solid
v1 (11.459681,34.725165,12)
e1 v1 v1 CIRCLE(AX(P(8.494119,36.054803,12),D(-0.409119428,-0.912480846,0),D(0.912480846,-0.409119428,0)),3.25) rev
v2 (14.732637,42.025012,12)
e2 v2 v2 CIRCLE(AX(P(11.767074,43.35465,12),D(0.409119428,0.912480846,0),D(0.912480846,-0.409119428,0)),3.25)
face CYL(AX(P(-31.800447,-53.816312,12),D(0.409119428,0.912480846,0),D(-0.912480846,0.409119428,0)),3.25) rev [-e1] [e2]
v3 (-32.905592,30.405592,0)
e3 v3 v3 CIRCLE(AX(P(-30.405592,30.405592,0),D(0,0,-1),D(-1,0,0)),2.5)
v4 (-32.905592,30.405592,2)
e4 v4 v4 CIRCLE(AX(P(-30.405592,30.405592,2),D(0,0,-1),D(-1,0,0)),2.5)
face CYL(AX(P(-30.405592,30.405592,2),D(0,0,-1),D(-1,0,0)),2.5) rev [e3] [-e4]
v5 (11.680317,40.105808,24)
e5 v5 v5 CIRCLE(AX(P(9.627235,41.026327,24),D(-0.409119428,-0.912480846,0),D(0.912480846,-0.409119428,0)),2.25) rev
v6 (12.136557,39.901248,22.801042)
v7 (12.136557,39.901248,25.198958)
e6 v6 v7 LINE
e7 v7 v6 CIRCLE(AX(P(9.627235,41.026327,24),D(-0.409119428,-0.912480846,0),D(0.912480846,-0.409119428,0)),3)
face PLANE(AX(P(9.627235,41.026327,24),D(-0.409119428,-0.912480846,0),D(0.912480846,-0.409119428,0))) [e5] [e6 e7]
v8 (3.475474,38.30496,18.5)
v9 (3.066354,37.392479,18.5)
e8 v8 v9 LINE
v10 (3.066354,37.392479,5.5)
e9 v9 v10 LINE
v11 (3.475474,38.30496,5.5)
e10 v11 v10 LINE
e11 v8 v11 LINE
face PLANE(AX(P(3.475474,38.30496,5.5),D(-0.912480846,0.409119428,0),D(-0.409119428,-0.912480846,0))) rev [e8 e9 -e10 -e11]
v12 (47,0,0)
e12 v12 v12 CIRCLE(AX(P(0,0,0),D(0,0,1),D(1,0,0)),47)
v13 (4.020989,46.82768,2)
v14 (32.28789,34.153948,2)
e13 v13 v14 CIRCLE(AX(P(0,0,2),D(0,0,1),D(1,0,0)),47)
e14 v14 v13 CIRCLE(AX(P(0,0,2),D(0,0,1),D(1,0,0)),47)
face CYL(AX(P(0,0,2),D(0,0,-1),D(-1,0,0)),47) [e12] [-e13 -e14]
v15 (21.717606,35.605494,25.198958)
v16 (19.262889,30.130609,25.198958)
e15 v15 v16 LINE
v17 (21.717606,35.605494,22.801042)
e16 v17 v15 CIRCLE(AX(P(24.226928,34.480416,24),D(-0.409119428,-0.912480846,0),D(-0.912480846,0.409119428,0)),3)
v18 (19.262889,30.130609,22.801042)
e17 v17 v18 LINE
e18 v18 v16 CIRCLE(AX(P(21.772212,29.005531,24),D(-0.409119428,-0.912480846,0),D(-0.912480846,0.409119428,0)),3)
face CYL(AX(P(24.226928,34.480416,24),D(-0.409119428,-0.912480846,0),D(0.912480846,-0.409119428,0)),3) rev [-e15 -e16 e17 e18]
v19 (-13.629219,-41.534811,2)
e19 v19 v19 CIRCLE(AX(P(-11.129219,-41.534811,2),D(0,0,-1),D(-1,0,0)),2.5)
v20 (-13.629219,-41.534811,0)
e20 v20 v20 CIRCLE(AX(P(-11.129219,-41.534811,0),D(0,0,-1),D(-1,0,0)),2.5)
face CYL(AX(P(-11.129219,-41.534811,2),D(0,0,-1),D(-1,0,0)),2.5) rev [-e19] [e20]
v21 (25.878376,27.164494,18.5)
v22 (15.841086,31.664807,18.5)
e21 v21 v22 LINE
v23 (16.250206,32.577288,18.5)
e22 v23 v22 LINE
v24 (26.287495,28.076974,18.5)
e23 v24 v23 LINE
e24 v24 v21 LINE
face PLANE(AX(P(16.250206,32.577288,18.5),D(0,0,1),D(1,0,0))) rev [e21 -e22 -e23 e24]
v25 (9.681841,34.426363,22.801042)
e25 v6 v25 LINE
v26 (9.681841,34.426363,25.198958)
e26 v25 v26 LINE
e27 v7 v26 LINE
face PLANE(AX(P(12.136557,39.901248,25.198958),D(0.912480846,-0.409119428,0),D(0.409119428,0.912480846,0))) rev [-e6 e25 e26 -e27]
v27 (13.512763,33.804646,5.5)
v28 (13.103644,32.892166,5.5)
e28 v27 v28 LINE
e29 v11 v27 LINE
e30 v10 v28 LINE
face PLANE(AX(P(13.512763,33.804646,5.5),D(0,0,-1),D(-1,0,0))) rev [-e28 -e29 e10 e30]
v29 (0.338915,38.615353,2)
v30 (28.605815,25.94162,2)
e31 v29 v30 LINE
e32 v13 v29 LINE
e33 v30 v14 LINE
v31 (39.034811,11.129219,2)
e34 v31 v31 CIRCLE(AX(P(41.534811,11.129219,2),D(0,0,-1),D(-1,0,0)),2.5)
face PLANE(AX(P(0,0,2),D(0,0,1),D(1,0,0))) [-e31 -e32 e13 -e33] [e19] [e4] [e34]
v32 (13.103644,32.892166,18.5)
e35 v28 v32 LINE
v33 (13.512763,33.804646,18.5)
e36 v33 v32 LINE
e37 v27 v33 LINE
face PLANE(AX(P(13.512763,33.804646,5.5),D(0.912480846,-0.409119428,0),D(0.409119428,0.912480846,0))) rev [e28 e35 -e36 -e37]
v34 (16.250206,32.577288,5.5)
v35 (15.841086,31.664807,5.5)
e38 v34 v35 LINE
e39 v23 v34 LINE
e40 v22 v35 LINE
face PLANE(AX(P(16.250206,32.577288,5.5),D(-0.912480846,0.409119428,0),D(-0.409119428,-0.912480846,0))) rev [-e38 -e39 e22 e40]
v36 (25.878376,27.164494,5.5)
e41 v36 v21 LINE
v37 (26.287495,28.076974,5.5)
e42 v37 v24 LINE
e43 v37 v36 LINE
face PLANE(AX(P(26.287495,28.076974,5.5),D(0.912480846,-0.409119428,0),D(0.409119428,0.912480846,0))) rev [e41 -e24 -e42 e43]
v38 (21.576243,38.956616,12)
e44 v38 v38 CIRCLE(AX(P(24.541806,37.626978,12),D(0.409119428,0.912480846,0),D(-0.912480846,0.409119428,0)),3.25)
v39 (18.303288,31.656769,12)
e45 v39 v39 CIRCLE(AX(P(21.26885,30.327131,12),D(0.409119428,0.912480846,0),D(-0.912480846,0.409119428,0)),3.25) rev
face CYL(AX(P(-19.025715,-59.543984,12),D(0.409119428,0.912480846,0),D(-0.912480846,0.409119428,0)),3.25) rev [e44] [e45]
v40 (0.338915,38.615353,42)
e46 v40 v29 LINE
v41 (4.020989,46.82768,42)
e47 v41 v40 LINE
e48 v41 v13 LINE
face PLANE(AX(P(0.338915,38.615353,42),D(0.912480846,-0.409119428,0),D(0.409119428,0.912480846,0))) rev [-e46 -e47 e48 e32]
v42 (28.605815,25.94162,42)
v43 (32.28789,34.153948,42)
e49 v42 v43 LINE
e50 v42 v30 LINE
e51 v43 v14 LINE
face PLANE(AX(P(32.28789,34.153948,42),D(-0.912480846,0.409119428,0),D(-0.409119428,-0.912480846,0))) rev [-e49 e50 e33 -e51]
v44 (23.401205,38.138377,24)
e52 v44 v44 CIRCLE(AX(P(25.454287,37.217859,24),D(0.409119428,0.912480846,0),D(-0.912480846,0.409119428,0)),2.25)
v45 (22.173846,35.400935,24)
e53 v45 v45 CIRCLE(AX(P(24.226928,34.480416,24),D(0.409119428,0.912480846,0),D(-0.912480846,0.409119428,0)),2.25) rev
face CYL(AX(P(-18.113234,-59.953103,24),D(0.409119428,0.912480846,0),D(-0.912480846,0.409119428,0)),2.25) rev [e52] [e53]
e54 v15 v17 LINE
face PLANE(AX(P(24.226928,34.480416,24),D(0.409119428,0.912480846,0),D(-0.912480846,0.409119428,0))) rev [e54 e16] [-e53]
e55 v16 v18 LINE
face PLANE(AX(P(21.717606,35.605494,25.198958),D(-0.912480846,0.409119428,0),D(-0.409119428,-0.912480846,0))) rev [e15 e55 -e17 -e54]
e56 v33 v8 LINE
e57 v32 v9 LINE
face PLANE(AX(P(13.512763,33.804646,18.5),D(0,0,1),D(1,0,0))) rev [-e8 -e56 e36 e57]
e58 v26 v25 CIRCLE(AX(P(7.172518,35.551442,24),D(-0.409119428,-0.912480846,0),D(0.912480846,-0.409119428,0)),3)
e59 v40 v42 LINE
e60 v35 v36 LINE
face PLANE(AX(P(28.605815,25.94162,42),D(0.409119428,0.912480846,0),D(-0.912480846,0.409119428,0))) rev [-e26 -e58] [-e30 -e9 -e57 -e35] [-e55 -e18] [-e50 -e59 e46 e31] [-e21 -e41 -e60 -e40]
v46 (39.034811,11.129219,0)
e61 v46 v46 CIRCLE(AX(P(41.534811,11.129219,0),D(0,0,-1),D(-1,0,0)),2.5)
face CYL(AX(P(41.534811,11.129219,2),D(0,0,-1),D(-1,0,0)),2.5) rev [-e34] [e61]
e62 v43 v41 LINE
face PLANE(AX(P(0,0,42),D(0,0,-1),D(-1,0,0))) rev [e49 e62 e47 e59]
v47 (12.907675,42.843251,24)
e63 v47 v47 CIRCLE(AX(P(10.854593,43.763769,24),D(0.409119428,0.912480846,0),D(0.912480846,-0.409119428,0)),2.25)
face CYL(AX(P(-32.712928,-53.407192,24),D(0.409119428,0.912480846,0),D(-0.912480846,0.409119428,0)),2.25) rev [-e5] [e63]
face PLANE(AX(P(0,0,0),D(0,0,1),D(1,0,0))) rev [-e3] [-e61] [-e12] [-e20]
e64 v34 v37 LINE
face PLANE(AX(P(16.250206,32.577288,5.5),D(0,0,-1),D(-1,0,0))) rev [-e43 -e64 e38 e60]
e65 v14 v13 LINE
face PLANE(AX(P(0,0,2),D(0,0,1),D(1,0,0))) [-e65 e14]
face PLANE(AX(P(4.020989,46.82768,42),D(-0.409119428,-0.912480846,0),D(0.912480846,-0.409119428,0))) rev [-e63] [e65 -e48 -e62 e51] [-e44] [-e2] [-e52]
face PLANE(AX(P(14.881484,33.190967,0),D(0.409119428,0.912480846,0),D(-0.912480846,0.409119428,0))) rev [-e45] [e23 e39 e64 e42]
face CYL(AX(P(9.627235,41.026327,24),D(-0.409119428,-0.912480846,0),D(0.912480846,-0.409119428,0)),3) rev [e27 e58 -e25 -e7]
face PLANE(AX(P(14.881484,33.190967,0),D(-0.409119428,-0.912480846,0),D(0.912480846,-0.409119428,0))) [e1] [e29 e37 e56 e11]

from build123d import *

# Parameters (mm, degrees)
SKETCH1_R           = 47
BOSS_EXTRUDE1_DEPTH = 2
SKETCH3_R           = 2.5
CUT_EXTRUDE1_DEPTH  = 67.498120274
BOSS_EXTRUDE2_DEPTH = 40
CUT_EXTRUDE3_REACH  = 118.892
SKETCH8_R           = 3.25
SKETCH8_R_2         = 2.25
SKETCH9_W           = 11
SKETCH9_H           = 13
CUT_EXTRUDE4_DEPTH  = 1
CUT_EXTRUDE5_DEPTH  = 6


with BuildPart() as part:
    # Sketch1 → Boss-Extrude1 (new body)
    with BuildSketch(Plane.XY):
        Circle(SKETCH1_R)
    extrude(amount=BOSS_EXTRUDE1_DEPTH)

    # Sketch3 → Cut-Extrude1 (cut, through all)
    with BuildSketch(Plane(origin=(0, 0, 0), x_dir=(-1, 0, 0), z_dir=(0, 0, -1))):
        with Locations((30.405591591, 30.405591591)):
            Circle(SKETCH3_R)
        with Locations((11.129218939, -41.53481053)):
            Circle(SKETCH3_R)
        with Locations((-41.53481053, 11.129218939)):
            Circle(SKETCH3_R)
    extrude(amount=-CUT_EXTRUDE1_DEPTH, mode=Mode.SUBTRACT)

    # Sketch4 → Boss-Extrude2 (add)
    with BuildSketch(Plane.XY.offset(2)):
        Polygon((4.020989493, 46.827680313), (32.287890293, 34.153947655), (28.605815439, 25.941620045), (0.338914639, 38.615352703), align=None)
    extrude(amount=BOSS_EXTRUDE2_DEPTH)

    # Sketch8 → Cut-Extrude3 (cut, up to next)
    with BuildSketch(Plane(origin=(18.154439893, 40.490813984, 0), x_dir=(0.9124808455439009, -0.4091194281814147, 0), z_dir=(0.4091194281814148, 0.912480845543901, 0)), mode=Mode.PRIVATE) as cut_extrude3_sk1:
        with Locations(Location((7, -12, 0), (0, 0, 180))):
            Circle(SKETCH8_R)
    cut_extrude3_tool1 = extrude(cut_extrude3_sk1.sketch, amount=-CUT_EXTRUDE3_REACH, mode=Mode.PRIVATE) & part.part
    # Sketch8 → Cut-Extrude3 (cut, up to next)
    with BuildSketch(Plane(origin=(18.154439893, 40.490813984, 0), x_dir=(0.9124808455439009, -0.4091194281814147, 0), z_dir=(0.4091194281814148, 0.912480845543901, 0)), mode=Mode.PRIVATE) as cut_extrude3_sk2:
        with Locations(Location((-7, -12, 0), (0, 0, 180))):
            Circle(SKETCH8_R)
    cut_extrude3_tool2 = extrude(cut_extrude3_sk2.sketch, amount=-CUT_EXTRUDE3_REACH, mode=Mode.PRIVATE) & part.part
    # Sketch8 → Cut-Extrude3 (cut, up to next)
    with BuildSketch(Plane(origin=(18.154439893, 40.490813984, 0), x_dir=(0.9124808455439009, -0.4091194281814147, 0), z_dir=(0.4091194281814148, 0.912480845543901, 0)), mode=Mode.PRIVATE) as cut_extrude3_sk3:
        with Locations(Location((8, -24, 0), (0, 0, 180))):
            Circle(SKETCH8_R_2)
    cut_extrude3_tool3 = extrude(cut_extrude3_sk3.sketch, amount=-CUT_EXTRUDE3_REACH, mode=Mode.PRIVATE) & part.part
    # Sketch8 → Cut-Extrude3 (cut, up to next)
    with BuildSketch(Plane(origin=(18.154439893, 40.490813984, 0), x_dir=(0.9124808455439009, -0.4091194281814147, 0), z_dir=(0.4091194281814148, 0.912480845543901, 0)), mode=Mode.PRIVATE) as cut_extrude3_sk4:
        with Locations(Location((-8, -24, 0), (0, 0, 180))):
            Circle(SKETCH8_R_2)
    cut_extrude3_tool4 = extrude(cut_extrude3_sk4.sketch, amount=-CUT_EXTRUDE3_REACH, mode=Mode.PRIVATE) & part.part
    add(cut_extrude3_tool1.solids().sort_by_distance((24.541806, 37.626978, 12))[0], mode=Mode.SUBTRACT)
    add(cut_extrude3_tool2.solids().sort_by_distance((11.767074, 43.35465, 12))[0], mode=Mode.SUBTRACT)
    add(cut_extrude3_tool3.solids().sort_by_distance((25.454287, 37.217859, 24))[0], mode=Mode.SUBTRACT)
    add(cut_extrude3_tool4.solids().sort_by_distance((10.854593, 43.763769, 24))[0], mode=Mode.SUBTRACT)

    # Sketch9 → Cut-Extrude4 (cut)
    with BuildSketch(Plane(origin=(14.472365039, 32.278486374, 0), x_dir=(0.9124808455439007, -0.40911942818141506, 0), z_dir=(-0.40911942818141506, -0.9124808455439007, 0))):
        with Locations((-7, 12)):
            Rectangle(SKETCH9_W, SKETCH9_H)
        with Locations((7, 12)):
            Rectangle(SKETCH9_W, SKETCH9_H)
    extrude(amount=-CUT_EXTRUDE4_DEPTH, mode=Mode.SUBTRACT)

    # Sketch10 → Cut-Extrude5 (cut)
    with BuildSketch(Plane(origin=(14.472365039, 32.278486374, 0), x_dir=(0.9124808455439007, -0.40911942818141506, 0), z_dir=(-0.40911942818141506, -0.9124808455439007, 0))):
        with BuildLine():
            Line((5.25, 25.198957881), (5.25, 22.801042119))
            ThreePointArc((5.25, 22.801042119), (11, 24), (5.25, 25.198957881))
        make_face()
        with BuildLine():
            Line((-5.25, 25.198957881), (-5.25, 22.801042119))
            ThreePointArc((-5.25, 22.801042119), (-11, 24), (-5.25, 25.198957881))
        make_face()
    extrude(amount=-CUT_EXTRUDE5_DEPTH, mode=Mode.SUBTRACT)


solid = part.part
